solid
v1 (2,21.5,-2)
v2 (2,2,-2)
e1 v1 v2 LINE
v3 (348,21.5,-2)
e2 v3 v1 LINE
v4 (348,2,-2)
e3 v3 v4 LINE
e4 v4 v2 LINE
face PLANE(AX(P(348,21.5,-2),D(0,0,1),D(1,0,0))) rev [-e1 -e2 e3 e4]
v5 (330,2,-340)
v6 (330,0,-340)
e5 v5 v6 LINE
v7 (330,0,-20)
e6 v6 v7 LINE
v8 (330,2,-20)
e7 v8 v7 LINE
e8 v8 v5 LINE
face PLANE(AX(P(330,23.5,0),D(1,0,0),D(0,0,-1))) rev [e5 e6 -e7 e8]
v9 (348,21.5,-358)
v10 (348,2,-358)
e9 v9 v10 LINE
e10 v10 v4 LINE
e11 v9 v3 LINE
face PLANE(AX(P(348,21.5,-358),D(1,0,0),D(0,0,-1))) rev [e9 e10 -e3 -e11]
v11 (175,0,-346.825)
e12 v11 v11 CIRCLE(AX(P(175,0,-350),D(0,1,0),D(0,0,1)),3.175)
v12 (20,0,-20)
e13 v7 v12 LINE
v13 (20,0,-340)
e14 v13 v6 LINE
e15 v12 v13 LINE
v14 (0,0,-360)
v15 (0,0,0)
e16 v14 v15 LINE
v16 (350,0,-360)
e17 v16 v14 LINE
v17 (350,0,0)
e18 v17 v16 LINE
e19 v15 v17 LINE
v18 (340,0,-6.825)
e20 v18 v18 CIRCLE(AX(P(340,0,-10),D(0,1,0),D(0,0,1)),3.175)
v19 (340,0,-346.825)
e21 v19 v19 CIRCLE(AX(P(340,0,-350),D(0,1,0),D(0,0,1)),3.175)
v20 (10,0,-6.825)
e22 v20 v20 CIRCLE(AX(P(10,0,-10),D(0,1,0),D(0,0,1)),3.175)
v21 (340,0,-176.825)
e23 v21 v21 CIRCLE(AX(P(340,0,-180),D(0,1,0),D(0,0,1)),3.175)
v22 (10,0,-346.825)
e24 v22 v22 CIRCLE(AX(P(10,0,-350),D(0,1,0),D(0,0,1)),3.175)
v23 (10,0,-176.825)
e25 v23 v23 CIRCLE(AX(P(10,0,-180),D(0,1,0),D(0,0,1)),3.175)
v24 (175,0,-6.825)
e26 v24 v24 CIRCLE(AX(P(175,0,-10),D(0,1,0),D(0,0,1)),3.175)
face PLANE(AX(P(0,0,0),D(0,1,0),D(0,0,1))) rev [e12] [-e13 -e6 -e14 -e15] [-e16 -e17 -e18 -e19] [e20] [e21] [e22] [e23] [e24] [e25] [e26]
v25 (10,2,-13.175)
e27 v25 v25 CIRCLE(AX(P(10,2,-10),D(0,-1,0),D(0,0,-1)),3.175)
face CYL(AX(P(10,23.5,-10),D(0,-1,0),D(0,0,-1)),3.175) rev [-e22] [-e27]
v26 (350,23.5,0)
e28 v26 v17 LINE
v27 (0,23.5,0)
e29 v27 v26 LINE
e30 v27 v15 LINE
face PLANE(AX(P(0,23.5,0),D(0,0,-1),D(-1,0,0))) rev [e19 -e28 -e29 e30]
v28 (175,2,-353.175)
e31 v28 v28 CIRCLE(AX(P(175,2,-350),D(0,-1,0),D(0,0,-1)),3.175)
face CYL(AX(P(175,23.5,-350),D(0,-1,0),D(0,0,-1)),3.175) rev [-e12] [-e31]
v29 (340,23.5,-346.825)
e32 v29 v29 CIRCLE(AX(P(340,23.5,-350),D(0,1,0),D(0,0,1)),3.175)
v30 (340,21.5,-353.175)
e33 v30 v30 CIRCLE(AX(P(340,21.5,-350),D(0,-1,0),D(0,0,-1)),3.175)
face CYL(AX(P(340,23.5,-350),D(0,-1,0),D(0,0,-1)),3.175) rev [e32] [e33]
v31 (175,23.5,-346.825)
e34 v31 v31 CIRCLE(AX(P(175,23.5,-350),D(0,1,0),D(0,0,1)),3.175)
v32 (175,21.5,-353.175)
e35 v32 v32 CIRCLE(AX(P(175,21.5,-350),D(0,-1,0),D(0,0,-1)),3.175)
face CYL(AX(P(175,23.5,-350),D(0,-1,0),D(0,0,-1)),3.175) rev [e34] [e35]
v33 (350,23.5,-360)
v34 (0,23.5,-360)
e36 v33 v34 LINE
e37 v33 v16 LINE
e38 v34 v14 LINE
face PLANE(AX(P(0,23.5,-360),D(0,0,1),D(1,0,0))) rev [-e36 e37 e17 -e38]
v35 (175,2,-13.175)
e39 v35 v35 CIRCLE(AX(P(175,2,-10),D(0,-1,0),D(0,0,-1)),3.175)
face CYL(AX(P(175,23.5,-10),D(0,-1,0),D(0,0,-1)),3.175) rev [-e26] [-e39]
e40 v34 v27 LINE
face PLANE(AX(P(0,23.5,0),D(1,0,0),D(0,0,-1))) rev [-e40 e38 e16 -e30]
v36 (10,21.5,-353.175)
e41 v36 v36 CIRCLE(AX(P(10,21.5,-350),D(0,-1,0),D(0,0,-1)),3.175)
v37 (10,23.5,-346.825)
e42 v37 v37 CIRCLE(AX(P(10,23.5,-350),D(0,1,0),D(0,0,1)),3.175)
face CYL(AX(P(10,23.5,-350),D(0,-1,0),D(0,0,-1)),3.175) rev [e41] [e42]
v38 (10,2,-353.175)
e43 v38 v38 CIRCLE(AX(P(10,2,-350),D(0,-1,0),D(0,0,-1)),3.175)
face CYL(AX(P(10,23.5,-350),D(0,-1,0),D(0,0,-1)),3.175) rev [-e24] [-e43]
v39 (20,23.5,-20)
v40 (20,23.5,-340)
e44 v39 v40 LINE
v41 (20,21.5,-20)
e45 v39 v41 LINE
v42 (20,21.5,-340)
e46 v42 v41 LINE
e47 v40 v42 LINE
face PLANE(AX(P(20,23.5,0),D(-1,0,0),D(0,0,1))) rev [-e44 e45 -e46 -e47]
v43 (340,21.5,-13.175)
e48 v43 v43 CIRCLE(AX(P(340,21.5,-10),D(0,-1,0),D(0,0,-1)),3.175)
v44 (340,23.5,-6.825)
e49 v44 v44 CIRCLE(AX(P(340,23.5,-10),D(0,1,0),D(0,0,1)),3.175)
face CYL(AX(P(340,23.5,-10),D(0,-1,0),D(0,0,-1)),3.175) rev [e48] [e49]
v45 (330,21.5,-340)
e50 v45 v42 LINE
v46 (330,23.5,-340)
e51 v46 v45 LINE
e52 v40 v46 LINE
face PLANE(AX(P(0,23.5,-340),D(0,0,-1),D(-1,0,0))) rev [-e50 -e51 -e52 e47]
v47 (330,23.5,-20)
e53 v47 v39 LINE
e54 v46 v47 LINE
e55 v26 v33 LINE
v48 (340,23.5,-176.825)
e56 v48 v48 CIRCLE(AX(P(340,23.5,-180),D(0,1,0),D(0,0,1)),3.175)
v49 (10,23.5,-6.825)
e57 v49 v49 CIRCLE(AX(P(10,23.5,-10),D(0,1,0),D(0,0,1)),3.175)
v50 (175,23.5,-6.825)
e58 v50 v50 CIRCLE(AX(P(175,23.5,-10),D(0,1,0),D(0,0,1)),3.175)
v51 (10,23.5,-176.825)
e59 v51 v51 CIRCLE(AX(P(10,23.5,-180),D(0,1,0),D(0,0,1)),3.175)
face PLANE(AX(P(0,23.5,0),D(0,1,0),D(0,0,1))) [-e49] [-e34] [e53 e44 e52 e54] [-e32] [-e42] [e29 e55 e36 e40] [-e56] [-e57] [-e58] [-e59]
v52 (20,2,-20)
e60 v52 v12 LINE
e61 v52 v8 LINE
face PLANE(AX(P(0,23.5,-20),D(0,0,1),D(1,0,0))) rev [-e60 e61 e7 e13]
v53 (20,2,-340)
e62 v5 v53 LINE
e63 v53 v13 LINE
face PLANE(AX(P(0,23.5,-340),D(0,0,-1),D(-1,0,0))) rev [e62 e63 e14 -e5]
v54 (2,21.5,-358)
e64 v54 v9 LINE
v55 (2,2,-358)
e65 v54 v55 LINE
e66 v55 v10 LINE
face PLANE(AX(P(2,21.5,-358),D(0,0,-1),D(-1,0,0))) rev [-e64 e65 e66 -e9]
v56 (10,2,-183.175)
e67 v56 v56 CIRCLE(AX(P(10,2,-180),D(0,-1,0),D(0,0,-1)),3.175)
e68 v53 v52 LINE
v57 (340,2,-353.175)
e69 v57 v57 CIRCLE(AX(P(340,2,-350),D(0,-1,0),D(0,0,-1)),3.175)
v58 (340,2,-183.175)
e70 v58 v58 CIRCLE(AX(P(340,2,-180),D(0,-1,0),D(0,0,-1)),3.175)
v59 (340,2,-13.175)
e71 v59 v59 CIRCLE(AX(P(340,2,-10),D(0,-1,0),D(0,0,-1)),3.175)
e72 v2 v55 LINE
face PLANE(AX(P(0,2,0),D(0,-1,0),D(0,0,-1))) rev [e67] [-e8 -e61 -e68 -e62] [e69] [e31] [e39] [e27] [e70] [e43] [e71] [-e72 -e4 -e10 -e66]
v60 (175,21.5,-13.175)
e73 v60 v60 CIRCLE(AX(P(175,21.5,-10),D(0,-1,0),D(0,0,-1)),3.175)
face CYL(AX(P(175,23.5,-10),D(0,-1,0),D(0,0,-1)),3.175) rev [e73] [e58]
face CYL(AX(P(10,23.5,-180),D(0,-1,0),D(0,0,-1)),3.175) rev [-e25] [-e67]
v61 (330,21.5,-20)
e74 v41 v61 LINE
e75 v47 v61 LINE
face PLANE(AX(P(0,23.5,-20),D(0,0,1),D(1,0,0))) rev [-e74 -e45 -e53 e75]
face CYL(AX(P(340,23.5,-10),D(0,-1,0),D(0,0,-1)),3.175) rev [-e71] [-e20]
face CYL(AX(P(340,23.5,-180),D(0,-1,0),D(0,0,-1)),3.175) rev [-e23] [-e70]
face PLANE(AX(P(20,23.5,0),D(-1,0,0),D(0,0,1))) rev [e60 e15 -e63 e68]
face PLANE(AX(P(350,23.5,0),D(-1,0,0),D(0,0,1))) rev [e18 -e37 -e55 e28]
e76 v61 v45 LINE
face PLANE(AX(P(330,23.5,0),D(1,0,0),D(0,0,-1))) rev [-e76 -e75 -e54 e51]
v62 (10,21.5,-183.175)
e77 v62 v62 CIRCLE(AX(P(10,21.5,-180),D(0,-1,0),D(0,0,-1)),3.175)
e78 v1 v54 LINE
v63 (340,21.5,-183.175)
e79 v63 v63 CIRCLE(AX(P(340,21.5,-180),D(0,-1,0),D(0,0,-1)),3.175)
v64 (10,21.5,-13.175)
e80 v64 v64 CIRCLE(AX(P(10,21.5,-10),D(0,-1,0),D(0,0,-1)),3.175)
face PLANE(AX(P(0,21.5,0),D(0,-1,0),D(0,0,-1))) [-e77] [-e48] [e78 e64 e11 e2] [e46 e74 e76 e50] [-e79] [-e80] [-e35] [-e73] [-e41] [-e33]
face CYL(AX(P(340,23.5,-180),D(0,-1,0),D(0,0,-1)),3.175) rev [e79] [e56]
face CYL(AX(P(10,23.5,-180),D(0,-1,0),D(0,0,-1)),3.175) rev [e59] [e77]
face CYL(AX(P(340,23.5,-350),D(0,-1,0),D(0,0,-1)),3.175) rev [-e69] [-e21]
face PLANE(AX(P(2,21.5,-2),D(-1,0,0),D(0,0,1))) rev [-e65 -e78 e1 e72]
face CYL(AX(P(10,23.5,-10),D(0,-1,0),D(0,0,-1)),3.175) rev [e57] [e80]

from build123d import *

# Parameters (mm, degrees)
ESQUISSE1_W             = 350
ESQUISSE1_H             = 360
ESQUISSE1_R             = 3.175
ESQUISSE1_W_2           = 310
ESQUISSE1_H_2           = 320
BOSS_EXTRU_2_DEPTH      = 23.5
ENL_V_START             = 2
ESQUISSE1_4_W           = 346
ESQUISSE1_4_H           = 356
ENL_V_MAT_EXTRU_1_DEPTH = 19.5


with BuildPart() as part:
    # Esquisse1 → Boss.-Extru.2 (new body)
    with BuildSketch(Plane(origin=(0, 0, 0), x_dir=(1, 0, 0), z_dir=(0, 1, 0))):
        with Locations((175, 180)):
            Rectangle(ESQUISSE1_W, ESQUISSE1_H)
        with Locations((10, 10)):
            Circle(ESQUISSE1_R, mode=Mode.SUBTRACT)
        with Locations((175, 10)):
            Circle(ESQUISSE1_R, mode=Mode.SUBTRACT)
        with Locations((340, 10)):
            Circle(ESQUISSE1_R, mode=Mode.SUBTRACT)
        with Locations((340, 180)):
            Circle(ESQUISSE1_R, mode=Mode.SUBTRACT)
        with Locations((10, 180)):
            Circle(ESQUISSE1_R, mode=Mode.SUBTRACT)
        with Locations((340, 350)):
            Circle(ESQUISSE1_R, mode=Mode.SUBTRACT)
        with Locations((175, 350)):
            Circle(ESQUISSE1_R, mode=Mode.SUBTRACT)
        with Locations((10, 350)):
            Circle(ESQUISSE1_R, mode=Mode.SUBTRACT)
        with Locations((175, 180)):
            Rectangle(ESQUISSE1_W_2, ESQUISSE1_H_2, mode=Mode.SUBTRACT)
    extrude(amount=BOSS_EXTRU_2_DEPTH)

    # Esquisse1_4 → Enl_v. mat.-Extru.1 (cut)
    with BuildSketch(Plane(origin=(0, 0, 0), x_dir=(1, 0, 0), z_dir=(0, 1, 0)).offset(ENL_V_START)):
        with Locations((175, 180)):
            Rectangle(ESQUISSE1_4_W, ESQUISSE1_4_H)
    extrude(amount=ENL_V_MAT_EXTRU_1_DEPTH, mode=Mode.SUBTRACT)


solid = part.part
